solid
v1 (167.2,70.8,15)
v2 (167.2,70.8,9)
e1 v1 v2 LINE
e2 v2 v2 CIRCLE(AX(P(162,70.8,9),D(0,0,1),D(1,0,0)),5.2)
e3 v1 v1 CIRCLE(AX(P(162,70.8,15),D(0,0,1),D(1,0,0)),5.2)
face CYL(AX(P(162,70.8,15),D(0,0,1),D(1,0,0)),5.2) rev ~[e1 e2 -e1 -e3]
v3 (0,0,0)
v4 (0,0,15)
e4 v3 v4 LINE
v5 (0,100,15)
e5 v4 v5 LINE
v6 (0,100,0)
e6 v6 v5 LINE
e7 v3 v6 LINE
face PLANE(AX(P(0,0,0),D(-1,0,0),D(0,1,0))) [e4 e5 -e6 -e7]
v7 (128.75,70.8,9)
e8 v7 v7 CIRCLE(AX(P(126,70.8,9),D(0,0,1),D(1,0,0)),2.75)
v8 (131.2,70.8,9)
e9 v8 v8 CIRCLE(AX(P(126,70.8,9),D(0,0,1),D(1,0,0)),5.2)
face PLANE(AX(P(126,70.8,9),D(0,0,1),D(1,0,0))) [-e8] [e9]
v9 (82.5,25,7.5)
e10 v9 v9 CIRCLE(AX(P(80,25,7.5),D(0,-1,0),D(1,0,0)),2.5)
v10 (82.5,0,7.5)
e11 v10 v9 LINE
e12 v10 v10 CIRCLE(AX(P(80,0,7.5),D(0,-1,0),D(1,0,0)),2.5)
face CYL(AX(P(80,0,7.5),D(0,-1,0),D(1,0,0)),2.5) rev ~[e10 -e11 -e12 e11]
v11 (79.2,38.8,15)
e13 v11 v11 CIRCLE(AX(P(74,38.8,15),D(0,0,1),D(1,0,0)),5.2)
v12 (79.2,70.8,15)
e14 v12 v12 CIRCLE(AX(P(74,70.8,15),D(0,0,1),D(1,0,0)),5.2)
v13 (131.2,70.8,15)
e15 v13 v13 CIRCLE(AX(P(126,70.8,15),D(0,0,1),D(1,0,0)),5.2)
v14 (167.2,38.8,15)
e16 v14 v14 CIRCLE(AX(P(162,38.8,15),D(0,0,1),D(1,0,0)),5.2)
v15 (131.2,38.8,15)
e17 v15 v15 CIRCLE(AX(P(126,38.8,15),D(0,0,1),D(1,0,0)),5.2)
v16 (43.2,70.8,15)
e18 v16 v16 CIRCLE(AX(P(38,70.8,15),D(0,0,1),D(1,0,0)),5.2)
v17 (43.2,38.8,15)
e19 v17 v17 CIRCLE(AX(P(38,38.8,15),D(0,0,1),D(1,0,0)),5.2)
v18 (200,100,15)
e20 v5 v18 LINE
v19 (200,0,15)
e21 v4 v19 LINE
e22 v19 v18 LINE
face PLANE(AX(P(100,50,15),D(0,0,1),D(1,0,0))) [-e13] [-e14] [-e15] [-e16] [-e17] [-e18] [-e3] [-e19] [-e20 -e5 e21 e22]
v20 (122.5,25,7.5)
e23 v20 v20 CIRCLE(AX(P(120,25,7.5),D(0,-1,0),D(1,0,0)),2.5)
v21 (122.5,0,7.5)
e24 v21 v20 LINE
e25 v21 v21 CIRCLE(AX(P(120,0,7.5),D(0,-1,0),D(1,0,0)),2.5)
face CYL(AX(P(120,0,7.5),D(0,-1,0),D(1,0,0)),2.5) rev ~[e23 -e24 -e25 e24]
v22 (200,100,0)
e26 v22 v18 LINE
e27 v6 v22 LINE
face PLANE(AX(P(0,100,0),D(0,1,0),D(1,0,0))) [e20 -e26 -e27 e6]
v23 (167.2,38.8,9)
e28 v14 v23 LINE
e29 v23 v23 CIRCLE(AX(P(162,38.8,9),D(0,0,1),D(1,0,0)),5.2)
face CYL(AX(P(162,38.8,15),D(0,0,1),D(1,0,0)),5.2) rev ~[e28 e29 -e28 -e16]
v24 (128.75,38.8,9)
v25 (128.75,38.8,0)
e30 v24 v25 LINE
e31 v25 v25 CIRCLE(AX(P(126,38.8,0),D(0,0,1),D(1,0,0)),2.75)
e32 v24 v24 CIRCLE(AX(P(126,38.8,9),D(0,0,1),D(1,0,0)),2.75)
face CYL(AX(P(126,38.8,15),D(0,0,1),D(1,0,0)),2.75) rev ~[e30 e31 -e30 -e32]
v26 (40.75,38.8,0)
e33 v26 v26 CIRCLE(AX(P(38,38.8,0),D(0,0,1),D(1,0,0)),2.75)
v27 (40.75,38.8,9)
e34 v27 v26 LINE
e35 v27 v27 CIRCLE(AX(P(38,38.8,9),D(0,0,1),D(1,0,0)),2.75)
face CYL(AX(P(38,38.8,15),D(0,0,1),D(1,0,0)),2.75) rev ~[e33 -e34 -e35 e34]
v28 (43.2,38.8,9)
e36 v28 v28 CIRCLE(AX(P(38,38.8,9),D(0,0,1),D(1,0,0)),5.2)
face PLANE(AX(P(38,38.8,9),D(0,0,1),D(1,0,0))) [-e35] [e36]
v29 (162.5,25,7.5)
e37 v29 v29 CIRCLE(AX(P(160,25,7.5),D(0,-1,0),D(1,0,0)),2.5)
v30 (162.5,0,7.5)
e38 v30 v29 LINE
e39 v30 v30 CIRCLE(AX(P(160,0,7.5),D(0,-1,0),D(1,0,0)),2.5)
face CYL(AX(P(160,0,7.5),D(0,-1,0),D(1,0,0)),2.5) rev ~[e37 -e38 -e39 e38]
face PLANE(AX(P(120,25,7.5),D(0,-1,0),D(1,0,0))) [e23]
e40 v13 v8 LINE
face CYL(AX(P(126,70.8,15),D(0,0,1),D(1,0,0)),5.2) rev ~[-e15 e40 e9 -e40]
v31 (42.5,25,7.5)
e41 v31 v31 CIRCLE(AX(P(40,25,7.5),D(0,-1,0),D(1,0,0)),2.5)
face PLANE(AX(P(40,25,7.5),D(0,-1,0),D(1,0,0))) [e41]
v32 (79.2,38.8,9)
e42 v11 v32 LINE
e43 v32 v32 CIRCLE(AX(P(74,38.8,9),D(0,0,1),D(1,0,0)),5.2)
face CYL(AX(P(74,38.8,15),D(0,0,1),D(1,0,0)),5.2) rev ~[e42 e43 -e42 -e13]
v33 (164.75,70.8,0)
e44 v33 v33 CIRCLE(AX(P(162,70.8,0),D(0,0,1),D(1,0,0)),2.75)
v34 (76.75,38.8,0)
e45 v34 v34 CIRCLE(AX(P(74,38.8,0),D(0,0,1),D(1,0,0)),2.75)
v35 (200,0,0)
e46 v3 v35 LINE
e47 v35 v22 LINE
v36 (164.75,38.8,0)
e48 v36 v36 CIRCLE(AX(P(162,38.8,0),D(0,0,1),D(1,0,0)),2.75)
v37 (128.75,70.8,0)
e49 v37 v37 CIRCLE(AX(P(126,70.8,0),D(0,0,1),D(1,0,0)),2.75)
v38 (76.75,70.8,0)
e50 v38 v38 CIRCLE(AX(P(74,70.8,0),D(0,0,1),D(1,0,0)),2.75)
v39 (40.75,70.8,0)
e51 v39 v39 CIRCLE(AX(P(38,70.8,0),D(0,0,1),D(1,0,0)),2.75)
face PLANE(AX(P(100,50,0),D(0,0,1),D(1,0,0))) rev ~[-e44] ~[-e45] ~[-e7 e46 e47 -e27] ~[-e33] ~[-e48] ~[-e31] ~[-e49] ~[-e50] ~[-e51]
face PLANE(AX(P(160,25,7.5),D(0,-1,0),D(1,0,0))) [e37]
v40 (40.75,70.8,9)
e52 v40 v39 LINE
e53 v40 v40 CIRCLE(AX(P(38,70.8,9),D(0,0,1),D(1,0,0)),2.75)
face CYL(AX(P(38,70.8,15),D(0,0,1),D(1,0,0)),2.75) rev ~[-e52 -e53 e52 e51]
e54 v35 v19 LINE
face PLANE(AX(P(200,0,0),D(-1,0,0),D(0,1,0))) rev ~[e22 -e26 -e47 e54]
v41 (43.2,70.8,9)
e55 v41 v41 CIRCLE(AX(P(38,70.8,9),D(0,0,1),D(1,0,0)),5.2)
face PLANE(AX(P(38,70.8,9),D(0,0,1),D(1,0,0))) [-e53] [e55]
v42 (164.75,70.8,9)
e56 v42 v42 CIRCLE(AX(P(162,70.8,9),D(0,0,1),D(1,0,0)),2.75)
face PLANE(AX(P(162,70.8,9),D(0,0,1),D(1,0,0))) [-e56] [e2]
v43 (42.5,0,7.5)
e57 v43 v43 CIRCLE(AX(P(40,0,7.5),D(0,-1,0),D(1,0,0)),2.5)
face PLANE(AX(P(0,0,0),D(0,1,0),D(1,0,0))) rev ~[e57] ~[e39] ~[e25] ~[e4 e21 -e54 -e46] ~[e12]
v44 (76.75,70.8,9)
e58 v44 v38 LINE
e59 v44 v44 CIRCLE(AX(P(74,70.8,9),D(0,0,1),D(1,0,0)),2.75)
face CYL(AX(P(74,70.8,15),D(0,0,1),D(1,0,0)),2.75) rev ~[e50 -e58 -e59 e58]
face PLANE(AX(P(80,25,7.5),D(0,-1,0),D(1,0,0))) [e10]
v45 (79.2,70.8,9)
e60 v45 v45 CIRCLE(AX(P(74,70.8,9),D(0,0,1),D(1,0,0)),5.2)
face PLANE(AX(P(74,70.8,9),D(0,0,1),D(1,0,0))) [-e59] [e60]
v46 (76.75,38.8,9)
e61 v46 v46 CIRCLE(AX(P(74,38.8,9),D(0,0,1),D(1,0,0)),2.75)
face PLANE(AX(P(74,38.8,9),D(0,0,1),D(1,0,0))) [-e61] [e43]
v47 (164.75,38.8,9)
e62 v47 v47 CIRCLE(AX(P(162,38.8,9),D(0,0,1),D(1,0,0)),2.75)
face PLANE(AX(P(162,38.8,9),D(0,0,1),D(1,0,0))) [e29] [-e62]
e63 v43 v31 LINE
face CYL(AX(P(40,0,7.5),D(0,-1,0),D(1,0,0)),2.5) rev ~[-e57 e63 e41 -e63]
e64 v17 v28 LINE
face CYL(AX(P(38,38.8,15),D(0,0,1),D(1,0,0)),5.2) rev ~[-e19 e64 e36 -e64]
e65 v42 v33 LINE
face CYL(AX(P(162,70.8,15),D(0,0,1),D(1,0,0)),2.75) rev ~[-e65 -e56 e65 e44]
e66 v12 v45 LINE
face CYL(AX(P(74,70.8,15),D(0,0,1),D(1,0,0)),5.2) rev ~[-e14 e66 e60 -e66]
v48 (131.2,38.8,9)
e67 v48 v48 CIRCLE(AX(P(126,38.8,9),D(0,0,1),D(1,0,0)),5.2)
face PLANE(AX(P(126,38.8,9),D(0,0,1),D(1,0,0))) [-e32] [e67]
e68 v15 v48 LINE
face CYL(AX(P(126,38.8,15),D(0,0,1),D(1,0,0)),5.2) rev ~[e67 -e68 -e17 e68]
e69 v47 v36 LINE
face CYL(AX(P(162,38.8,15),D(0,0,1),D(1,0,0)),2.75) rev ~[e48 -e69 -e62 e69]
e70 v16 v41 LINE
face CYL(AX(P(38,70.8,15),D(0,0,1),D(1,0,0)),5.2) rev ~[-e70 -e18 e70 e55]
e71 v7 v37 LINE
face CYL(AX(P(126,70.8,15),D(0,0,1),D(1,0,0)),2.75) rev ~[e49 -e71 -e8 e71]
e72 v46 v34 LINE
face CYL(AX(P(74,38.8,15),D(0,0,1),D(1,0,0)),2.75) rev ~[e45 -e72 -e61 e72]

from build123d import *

# Parameters (mm, degrees)
SKETCH_W        = 200
SKETCH_H        = 100
PAD_DEPTH       = 15
SKETCH001_R     = 2.75
POCKET_DEPTH    = 15
SKETCH002_R     = 5.2
POCKET001_DEPTH = 6
SKETCH003_R     = 2.5
POCKET002_DEPTH = 25


with BuildPart() as part:
    # Sketch → Pad (new body)
    with BuildSketch(Plane.XY):
        with Locations((100, 50)):
            Rectangle(SKETCH_W, SKETCH_H)
    extrude(amount=PAD_DEPTH)

    # Sketch001 (on Face6 of Pad) → Pocket (cut)
    with BuildSketch(Plane.XY.offset(15)):
        with Locations((162, 70.8)):
            Circle(SKETCH001_R)
        with Locations((162, 38.8)):
            Circle(SKETCH001_R)
        with Locations((126, 70.8)):
            Circle(SKETCH001_R)
        with Locations((126, 38.8)):
            Circle(SKETCH001_R)
        with Locations((74, 70.8)):
            Circle(SKETCH001_R)
        with Locations((74, 38.8)):
            Circle(SKETCH001_R)
        with Locations((38, 70.8)):
            Circle(SKETCH001_R)
        with Locations((38, 38.8)):
            Circle(SKETCH001_R)
    extrude(amount=-POCKET_DEPTH, mode=Mode.SUBTRACT)

    # Sketch002 (on Face5 of Pocket) → Pocket001 (cut)
    with BuildSketch(Plane.XY.offset(15)):
        with Locations((38, 70.8)):
            Circle(SKETCH002_R)
        with Locations((38, 38.8)):
            Circle(SKETCH002_R)
        with Locations((74, 70.8)):
            Circle(SKETCH002_R)
        with Locations((74, 38.8)):
            Circle(SKETCH002_R)
        with Locations((126, 70.8)):
            Circle(SKETCH002_R)
        with Locations((126, 38.8)):
            Circle(SKETCH002_R)
        with Locations((162, 70.8)):
            Circle(SKETCH002_R)
        with Locations((162, 38.8)):
            Circle(SKETCH002_R)
    extrude(amount=-POCKET001_DEPTH, mode=Mode.SUBTRACT)

    # Sketch003 (on Face6 of Pocket001) → Pocket002 (cut)
    with BuildSketch(Plane.XZ):
        with Locations((40, 7.5)):
            Circle(SKETCH003_R)
        with Locations((80, 7.5)):
            Circle(SKETCH003_R)
        with Locations((120, 7.5)):
            Circle(SKETCH003_R)
        with Locations((160, 7.5)):
            Circle(SKETCH003_R)
    extrude(amount=-POCKET002_DEPTH, mode=Mode.SUBTRACT)


solid = part.part
